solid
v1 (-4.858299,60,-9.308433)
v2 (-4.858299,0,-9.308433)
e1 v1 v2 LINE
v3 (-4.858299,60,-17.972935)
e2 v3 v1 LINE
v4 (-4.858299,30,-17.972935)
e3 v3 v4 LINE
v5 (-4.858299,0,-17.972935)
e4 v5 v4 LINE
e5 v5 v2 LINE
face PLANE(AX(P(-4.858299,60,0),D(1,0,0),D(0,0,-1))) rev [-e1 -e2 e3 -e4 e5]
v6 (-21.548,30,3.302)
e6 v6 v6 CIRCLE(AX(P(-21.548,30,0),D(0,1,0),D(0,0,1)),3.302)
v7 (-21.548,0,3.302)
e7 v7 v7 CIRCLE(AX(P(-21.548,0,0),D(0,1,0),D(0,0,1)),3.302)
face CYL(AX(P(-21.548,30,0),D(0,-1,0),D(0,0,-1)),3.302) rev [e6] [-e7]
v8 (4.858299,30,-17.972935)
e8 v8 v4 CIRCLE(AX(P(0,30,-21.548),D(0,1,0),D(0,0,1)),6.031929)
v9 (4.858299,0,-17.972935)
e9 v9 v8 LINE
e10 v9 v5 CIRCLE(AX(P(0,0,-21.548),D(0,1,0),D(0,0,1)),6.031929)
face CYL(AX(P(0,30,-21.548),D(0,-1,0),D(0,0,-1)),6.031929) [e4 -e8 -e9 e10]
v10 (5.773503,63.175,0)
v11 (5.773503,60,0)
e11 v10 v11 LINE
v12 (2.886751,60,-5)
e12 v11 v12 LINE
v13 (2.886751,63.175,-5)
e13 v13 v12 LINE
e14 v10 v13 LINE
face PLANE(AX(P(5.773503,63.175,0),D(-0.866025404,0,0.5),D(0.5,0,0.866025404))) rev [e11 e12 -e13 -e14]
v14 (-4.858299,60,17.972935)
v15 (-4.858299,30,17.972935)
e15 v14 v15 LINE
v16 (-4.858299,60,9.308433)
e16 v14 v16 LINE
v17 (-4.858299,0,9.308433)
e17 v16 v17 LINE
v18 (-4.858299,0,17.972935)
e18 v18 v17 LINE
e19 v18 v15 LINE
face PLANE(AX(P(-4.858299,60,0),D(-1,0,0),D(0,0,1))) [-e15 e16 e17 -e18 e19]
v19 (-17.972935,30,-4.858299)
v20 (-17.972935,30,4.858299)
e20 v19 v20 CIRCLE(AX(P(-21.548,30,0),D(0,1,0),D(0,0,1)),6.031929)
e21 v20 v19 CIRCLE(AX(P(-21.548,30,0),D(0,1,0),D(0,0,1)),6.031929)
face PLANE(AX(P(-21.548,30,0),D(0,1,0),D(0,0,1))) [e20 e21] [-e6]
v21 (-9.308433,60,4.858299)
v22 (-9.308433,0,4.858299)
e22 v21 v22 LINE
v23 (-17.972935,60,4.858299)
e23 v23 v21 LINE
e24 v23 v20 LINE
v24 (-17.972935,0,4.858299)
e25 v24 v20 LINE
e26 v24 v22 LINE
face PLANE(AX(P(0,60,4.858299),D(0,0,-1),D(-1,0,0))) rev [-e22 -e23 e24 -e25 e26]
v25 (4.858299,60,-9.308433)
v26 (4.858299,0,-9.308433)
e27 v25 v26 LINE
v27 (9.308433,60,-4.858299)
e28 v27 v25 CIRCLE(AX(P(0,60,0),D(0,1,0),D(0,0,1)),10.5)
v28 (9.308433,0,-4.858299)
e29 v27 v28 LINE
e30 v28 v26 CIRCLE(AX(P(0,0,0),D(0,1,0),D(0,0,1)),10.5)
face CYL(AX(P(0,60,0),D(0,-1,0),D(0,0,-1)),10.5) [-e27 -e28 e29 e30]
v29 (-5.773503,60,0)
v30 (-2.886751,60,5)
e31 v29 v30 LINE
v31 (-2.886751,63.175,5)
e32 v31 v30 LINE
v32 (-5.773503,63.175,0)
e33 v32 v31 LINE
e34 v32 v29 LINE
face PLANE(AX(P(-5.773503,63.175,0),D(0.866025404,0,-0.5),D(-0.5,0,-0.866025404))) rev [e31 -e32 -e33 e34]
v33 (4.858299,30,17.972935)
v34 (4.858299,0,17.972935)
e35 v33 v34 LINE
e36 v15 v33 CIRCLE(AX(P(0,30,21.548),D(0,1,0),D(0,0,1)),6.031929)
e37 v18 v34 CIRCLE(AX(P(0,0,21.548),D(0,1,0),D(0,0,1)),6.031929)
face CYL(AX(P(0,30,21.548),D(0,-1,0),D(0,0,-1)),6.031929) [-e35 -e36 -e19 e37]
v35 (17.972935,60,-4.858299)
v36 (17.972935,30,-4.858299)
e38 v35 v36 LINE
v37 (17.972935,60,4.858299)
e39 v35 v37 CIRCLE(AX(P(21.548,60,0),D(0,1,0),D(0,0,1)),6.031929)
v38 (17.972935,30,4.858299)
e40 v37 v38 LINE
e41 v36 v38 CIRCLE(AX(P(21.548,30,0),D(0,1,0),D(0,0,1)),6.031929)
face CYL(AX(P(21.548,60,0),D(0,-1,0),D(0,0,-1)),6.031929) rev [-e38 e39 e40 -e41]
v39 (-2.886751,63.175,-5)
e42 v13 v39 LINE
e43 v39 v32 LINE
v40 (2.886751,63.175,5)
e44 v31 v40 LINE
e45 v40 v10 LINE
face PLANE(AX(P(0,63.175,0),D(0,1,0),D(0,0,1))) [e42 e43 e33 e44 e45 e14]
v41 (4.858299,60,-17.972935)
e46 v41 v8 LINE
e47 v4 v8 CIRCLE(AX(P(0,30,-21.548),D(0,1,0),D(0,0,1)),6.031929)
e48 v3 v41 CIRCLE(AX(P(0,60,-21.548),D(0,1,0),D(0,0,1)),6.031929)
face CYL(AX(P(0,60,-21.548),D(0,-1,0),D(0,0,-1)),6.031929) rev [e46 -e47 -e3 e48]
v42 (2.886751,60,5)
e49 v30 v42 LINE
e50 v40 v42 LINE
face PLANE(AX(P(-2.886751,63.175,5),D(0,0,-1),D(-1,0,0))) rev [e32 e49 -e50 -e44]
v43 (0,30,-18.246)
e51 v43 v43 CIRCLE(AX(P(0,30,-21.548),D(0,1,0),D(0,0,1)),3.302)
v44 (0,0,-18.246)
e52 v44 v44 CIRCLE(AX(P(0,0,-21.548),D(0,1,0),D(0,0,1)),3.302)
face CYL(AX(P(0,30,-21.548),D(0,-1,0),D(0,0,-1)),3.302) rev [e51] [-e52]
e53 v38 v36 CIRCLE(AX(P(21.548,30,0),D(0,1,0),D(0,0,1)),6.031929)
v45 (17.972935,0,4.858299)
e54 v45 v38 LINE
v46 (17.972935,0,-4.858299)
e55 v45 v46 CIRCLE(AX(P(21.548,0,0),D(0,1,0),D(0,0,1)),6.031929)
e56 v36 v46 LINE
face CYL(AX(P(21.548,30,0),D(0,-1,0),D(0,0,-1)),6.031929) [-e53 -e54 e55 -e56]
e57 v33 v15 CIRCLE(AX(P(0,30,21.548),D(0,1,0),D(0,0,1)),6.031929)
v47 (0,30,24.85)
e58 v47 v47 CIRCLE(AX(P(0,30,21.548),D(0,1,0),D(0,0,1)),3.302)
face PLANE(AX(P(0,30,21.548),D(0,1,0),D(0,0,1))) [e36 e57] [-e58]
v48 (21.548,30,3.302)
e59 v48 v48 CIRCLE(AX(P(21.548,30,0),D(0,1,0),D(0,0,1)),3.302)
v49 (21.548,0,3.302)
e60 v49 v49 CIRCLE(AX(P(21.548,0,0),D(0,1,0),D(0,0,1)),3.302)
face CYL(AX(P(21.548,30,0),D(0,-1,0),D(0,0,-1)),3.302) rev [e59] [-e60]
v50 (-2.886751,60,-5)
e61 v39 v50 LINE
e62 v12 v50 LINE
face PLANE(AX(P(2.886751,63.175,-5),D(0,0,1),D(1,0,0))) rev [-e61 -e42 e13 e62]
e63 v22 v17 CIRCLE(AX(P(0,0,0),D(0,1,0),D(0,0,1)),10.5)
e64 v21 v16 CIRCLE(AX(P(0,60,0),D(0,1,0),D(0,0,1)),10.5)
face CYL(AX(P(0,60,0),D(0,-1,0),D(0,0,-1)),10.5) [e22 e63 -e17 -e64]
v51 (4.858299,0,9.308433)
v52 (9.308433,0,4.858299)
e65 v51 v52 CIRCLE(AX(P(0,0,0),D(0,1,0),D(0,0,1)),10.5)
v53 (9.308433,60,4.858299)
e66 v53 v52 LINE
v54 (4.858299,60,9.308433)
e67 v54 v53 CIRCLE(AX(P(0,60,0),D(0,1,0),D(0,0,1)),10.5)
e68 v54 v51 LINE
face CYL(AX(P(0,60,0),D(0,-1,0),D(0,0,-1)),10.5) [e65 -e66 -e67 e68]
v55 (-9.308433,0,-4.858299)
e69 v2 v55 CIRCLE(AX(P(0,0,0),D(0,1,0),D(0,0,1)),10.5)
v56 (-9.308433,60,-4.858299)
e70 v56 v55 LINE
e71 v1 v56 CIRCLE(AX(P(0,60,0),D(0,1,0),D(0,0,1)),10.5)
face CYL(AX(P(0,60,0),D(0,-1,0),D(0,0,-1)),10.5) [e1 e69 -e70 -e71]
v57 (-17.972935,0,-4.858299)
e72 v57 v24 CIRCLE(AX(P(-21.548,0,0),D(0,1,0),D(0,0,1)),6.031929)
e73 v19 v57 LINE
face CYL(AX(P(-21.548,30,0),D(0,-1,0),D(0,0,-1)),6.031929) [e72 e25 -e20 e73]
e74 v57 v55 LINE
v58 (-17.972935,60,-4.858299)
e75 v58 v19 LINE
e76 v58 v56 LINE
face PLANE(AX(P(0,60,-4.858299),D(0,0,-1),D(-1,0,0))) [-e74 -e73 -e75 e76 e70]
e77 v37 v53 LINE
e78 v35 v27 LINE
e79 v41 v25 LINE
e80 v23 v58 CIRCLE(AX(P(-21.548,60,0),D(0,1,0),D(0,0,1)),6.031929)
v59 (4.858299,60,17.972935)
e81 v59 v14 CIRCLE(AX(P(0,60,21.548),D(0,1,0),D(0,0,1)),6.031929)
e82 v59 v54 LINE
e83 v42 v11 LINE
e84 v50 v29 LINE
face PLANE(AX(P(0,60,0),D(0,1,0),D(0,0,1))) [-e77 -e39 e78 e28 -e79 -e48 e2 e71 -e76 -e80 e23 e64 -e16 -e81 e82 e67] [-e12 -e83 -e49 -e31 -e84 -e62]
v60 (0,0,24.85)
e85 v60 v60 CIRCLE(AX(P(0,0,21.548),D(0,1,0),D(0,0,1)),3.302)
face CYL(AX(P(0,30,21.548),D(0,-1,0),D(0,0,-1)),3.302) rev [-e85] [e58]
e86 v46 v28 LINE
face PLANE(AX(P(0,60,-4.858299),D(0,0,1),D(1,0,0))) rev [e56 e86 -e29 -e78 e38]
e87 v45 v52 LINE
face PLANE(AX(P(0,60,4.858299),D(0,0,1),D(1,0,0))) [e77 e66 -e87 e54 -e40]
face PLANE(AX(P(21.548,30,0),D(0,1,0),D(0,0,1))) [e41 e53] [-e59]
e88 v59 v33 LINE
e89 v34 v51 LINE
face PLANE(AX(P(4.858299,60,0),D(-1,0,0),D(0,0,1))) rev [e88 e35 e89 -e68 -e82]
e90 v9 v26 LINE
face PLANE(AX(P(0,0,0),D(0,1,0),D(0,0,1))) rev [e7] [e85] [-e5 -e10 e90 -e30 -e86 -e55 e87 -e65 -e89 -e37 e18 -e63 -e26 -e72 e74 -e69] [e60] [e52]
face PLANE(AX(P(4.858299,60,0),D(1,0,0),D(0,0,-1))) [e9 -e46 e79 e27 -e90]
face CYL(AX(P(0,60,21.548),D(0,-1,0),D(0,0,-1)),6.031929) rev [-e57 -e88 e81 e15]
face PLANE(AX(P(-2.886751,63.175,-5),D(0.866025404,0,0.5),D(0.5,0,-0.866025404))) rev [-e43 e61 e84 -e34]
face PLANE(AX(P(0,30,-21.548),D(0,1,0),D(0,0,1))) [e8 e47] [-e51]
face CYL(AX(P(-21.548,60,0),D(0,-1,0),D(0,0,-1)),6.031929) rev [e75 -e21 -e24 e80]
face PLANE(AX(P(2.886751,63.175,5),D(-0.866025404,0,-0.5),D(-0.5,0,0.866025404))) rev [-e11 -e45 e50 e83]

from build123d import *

# Parameters (mm, degrees)
BOSS_EXTRUDE1_DEPTH = 60
SKETCH1_3_R         = 6.03192879
SKETCH1_3_R_2       = 3.302
BOSS_EXTRUDE2_DEPTH = 30
BOSS_EXTRUDE3_DEPTH = 3.175


with BuildPart() as part:
    # Sketch1 → Boss-Extrude1 (new body)
    with BuildSketch(Plane(origin=(0, 0, 0), x_dir=(1, 0, 0), z_dir=(0, 1, 0))):
        with BuildLine():
            ThreePointArc((17.972934813, -4.85829948), (15.51607121, 0), (17.972934813, 4.85829948))
            Line((17.972934813, 4.85829948), (9.308433067, 4.85829948))
            ThreePointArc((9.308433067, 4.85829948), (7.424621202, 7.424621202), (4.85829948, 9.308433067))
            Line((4.85829948, 9.308433067), (4.85829948, 17.972934813))
            ThreePointArc((4.85829948, 17.972934813), (0, 15.51607121), (-4.85829948, 17.972934813))
            Line((-4.85829948, 17.972934813), (-4.85829948, 9.308433067))
            ThreePointArc((-4.85829948, 9.308433067), (-7.424621202, 7.424621202), (-9.308433067, 4.85829948))
            Line((-9.308433067, 4.85829948), (-17.972934813, 4.85829948))
            ThreePointArc((-17.972934813, 4.85829948), (-15.51607121, 0), (-17.972934813, -4.85829948))
            Line((-17.972934813, -4.85829948), (-9.308433067, -4.85829948))
            ThreePointArc((-9.308433067, -4.85829948), (-7.424621202, -7.424621202), (-4.85829948, -9.308433067))
            Line((-4.85829948, -9.308433067), (-4.85829948, -17.972934813))
            ThreePointArc((-4.85829948, -17.972934813), (0, -15.51607121), (4.85829948, -17.972934813))
            Line((4.85829948, -17.972934813), (4.85829948, -9.308433067))
            ThreePointArc((4.85829948, -9.308433067), (7.424621202, -7.424621202), (9.308433067, -4.85829948))
            Line((9.308433067, -4.85829948), (17.972934813, -4.85829948))
        make_face()
    extrude(amount=BOSS_EXTRUDE1_DEPTH)

    # Sketch1_3 → Boss-Extrude2 (add)
    with BuildSketch(Plane(origin=(0, 0, 0), x_dir=(1, 0, 0), z_dir=(0, 1, 0))):
        with Locations((21.548, 0)):
            Circle(SKETCH1_3_R)
        with Locations((21.548, 0)):
            Circle(SKETCH1_3_R_2, mode=Mode.SUBTRACT)
        with Locations((0, -21.548)):
            Circle(SKETCH1_3_R)
        with Locations((0, -21.548)):
            Circle(SKETCH1_3_R_2, mode=Mode.SUBTRACT)
        with Locations((-21.548, 0)):
            Circle(SKETCH1_3_R)
        with Locations((-21.548, 0)):
            Circle(SKETCH1_3_R_2, mode=Mode.SUBTRACT)
        with Locations((0, 21.548)):
            Circle(SKETCH1_3_R)
        with Locations((0, 21.548)):
            Circle(SKETCH1_3_R_2, mode=Mode.SUBTRACT)
    extrude(amount=BOSS_EXTRUDE2_DEPTH)

    # Sketch2 → Boss-Extrude3 (add)
    with BuildSketch(Plane(origin=(0, 60, 0), x_dir=(1, 0, 0), z_dir=(0, 1, 0))):
        Polygon((5.773502692, 0), (2.886751346, 5), (-2.886751346, 5), (-5.773502692, 0), (-2.886751346, -5), (2.886751346, -5), align=None)
    extrude(amount=BOSS_EXTRUDE3_DEPTH)


solid = part.part
